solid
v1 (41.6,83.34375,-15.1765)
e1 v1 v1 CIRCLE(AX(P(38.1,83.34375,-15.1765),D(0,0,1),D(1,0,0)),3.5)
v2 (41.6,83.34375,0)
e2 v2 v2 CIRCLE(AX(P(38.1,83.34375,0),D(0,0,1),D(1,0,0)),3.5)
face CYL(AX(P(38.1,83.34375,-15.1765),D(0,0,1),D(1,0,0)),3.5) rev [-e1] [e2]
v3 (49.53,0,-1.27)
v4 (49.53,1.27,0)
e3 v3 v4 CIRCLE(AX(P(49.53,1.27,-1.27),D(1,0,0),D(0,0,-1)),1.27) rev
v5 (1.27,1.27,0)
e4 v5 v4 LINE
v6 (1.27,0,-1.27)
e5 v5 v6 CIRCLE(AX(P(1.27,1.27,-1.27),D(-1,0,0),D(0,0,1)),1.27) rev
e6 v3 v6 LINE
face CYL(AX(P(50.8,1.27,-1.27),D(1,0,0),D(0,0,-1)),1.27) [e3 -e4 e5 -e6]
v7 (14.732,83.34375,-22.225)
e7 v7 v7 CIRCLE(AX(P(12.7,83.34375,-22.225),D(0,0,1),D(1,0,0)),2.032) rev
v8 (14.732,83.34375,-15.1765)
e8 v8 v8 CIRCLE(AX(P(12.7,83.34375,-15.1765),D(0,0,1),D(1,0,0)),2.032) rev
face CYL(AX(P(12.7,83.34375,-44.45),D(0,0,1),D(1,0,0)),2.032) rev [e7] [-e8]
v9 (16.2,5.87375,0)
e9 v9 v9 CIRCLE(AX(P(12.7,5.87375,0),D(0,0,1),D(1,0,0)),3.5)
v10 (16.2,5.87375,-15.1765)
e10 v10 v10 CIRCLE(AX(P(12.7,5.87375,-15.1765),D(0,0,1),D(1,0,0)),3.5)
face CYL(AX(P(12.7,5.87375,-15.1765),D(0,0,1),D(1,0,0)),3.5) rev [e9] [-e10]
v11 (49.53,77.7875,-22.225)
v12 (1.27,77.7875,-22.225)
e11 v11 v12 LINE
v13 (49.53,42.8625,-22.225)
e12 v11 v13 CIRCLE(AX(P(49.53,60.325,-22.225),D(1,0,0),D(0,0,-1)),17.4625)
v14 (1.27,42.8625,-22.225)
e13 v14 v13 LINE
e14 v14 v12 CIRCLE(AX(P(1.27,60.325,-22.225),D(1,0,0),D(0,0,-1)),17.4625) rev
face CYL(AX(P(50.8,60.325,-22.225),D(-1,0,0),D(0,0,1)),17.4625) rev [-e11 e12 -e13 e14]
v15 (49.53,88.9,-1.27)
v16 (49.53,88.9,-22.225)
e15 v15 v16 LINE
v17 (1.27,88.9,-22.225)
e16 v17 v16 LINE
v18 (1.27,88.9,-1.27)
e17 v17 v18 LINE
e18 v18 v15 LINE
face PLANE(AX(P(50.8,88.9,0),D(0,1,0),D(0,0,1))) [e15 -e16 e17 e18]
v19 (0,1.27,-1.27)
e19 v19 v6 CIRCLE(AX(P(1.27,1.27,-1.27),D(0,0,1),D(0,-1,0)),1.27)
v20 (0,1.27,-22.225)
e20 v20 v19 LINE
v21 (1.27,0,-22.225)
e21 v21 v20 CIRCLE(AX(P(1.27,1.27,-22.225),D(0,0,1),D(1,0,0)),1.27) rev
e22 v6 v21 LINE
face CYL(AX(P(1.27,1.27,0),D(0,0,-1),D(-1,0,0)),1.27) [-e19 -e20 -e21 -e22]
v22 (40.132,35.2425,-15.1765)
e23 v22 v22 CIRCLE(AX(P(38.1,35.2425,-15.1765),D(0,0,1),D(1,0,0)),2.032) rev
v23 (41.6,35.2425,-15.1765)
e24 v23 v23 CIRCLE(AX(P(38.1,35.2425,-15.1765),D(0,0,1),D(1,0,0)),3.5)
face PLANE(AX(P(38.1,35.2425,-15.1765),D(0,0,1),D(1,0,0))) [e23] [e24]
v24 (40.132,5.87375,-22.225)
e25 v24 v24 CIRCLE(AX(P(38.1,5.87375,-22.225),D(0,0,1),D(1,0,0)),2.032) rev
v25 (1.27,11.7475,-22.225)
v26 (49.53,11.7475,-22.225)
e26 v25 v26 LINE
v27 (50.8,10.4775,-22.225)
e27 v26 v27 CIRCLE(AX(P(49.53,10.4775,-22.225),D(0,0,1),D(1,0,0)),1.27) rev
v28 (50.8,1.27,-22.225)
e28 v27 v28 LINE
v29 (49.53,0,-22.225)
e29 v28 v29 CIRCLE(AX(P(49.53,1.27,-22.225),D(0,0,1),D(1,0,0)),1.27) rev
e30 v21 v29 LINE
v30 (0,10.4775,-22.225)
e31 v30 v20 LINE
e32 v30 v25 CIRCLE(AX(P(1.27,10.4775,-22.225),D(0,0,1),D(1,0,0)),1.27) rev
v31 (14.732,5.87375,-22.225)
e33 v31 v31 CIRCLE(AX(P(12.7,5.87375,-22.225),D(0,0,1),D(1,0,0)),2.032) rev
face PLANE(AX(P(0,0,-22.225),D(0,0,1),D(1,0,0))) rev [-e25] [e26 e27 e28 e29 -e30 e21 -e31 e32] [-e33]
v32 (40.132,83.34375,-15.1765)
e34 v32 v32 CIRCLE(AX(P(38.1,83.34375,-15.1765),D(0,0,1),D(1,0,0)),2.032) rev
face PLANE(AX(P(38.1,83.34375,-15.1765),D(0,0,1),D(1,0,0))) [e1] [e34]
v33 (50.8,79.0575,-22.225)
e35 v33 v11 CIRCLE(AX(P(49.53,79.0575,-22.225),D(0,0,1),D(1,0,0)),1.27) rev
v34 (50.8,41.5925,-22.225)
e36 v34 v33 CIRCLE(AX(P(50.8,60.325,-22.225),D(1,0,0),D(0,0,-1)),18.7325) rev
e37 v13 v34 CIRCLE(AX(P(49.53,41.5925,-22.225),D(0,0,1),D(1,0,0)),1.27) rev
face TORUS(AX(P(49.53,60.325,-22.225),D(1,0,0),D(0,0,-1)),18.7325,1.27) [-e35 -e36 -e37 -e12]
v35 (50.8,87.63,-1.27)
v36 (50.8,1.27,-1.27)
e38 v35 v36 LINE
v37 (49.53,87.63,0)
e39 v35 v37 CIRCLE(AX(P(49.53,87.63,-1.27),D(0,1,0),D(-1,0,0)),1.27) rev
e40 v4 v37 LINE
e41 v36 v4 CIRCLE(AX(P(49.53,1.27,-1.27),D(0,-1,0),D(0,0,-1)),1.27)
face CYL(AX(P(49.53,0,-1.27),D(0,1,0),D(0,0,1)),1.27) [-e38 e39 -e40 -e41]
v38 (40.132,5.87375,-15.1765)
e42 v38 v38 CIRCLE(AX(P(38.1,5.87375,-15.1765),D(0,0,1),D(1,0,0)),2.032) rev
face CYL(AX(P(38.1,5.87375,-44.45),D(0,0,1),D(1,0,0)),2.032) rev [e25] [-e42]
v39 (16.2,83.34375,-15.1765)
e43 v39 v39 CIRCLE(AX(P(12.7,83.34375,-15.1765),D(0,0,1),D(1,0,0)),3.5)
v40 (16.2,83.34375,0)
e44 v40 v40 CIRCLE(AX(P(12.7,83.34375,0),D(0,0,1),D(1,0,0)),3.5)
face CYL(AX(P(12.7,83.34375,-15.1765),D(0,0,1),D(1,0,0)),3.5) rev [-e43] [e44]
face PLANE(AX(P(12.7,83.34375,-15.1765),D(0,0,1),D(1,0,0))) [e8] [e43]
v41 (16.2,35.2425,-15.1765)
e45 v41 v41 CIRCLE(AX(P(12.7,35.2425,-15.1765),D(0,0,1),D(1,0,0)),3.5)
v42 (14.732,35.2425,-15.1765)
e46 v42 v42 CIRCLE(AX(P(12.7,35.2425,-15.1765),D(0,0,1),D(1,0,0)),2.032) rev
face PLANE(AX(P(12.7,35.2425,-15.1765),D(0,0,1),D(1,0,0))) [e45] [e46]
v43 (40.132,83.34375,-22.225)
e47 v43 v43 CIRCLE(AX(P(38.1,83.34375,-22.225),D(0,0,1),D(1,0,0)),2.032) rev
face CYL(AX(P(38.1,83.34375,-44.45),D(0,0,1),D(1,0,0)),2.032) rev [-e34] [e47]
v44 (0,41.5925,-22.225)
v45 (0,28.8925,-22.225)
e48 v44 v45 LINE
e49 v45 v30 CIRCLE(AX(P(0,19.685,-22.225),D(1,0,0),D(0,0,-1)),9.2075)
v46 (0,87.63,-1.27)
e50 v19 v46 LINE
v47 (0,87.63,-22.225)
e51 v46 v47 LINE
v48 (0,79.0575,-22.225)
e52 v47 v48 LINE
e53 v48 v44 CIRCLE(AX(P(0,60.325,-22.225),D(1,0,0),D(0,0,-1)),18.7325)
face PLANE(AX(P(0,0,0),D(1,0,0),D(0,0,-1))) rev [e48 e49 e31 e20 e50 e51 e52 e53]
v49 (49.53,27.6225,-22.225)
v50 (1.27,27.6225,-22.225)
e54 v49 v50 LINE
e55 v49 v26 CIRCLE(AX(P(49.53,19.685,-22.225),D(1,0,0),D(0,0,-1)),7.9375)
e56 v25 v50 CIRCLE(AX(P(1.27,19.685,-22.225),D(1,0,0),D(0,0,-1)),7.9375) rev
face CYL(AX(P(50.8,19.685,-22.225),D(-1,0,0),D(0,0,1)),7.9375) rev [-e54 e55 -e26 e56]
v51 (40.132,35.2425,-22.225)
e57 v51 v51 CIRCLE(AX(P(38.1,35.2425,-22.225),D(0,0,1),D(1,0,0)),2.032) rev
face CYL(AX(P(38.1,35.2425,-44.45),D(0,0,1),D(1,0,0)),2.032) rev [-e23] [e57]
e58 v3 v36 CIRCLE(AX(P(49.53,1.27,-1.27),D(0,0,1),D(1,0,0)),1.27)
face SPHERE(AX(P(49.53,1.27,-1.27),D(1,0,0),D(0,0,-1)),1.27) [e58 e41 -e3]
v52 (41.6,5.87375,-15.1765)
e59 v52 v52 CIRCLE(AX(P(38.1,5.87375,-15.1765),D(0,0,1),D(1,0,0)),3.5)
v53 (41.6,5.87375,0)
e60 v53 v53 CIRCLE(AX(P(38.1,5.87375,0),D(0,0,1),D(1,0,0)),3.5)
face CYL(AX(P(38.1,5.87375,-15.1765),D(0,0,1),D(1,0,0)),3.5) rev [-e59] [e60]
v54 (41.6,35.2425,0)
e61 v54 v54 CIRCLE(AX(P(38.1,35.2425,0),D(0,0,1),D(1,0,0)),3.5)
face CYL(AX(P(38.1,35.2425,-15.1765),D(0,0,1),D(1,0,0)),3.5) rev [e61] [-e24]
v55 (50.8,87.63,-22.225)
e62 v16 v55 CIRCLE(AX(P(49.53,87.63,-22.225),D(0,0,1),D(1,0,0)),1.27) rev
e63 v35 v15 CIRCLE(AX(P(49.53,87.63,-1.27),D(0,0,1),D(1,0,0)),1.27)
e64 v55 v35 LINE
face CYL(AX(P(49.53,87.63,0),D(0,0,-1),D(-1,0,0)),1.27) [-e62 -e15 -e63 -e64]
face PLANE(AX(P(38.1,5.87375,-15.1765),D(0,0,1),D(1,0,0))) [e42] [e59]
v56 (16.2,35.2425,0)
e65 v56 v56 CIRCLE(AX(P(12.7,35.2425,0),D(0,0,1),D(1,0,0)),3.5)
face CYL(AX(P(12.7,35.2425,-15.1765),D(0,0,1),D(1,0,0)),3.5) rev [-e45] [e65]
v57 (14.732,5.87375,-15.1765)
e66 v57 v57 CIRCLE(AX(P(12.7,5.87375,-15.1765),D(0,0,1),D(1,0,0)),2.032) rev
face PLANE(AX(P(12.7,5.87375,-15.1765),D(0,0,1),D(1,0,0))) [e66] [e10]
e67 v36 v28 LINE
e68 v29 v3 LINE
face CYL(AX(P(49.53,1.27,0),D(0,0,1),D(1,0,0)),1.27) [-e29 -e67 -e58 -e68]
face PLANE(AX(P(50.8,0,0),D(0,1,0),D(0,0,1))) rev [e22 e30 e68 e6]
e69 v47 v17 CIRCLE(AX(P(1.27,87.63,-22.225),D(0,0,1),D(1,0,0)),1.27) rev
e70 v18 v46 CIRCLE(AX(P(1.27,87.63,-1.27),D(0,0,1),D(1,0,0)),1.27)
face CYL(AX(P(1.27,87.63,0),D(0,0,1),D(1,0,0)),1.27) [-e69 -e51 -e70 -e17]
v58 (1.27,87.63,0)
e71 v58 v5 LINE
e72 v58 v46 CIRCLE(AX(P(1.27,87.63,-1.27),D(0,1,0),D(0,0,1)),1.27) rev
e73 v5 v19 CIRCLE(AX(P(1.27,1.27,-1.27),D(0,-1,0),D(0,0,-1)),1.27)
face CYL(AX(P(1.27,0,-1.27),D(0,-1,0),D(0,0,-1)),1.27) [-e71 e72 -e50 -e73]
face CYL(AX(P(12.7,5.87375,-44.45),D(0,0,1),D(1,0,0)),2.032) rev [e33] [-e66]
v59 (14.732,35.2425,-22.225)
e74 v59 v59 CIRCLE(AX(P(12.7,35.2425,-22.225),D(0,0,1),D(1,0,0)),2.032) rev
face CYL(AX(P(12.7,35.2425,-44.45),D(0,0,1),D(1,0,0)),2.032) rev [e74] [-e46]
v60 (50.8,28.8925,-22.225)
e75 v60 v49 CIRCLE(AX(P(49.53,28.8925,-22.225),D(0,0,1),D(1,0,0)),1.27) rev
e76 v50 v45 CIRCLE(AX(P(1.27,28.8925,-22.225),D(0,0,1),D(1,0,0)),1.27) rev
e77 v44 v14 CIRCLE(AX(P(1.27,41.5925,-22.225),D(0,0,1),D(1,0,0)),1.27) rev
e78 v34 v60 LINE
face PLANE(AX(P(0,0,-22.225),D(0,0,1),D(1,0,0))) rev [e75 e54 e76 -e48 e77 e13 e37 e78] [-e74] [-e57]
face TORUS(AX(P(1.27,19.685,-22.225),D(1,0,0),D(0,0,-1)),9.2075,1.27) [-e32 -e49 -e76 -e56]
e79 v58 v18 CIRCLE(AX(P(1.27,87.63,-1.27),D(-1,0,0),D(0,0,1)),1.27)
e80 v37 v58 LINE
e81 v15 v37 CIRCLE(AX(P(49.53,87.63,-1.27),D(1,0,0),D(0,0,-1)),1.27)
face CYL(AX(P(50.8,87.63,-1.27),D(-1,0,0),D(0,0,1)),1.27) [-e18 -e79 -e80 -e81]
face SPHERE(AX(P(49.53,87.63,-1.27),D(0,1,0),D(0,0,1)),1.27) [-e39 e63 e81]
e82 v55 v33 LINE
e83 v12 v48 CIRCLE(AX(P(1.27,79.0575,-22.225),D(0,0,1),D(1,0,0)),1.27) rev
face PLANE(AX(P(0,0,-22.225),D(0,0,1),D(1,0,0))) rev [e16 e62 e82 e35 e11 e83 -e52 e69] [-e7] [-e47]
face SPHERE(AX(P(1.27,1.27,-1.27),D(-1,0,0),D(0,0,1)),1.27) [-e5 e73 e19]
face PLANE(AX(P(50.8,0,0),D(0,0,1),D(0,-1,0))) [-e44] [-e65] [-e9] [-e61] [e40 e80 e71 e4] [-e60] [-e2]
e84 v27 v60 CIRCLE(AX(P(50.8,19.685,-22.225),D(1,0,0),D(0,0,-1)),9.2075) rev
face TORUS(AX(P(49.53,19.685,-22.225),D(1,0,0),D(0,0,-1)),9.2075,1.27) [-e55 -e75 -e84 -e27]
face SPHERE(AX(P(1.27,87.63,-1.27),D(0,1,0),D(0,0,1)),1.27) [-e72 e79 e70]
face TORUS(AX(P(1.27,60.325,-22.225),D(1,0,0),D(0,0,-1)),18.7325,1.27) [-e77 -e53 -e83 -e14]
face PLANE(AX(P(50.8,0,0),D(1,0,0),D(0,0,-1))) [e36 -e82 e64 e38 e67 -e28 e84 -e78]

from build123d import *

# Parameters (mm, degrees)
SKETCH1_W           = 44.45
SKETCH1_H           = 88.9
SKETCH1_R           = 7.9375
SKETCH1_R_2         = 17.4625
BOSS_EXTRUDE1_DEPTH = 50.8
SKETCH5_R           = 2.032
CUT_EXTRUDE1_DEPTH  = 112.622813528
SKETCH5_3_R         = 3.5
CUT_EXTRUDE2_DEPTH  = 15.1765
CUT_EXTRUDE3_DEPTH  = 2.54
FILLET1_R           = 1.27


with BuildPart() as part:
    # Sketch1 → Boss-Extrude1 (new body)
    with BuildSketch(Plane(origin=(0, 0, 0), x_dir=(0, 0, -1), z_dir=(1, 0, 0))):
        with Locations((22.225, 44.45)):
            Rectangle(SKETCH1_W, SKETCH1_H)
        with Locations(Location((22.225, 19.685, 0), (0, 0, 180))):
            Circle(SKETCH1_R, mode=Mode.SUBTRACT)
        with Locations(Location((22.225, 60.325, 0), (0, 0, 180))):
            Circle(SKETCH1_R_2, mode=Mode.SUBTRACT)
    extrude(amount=BOSS_EXTRUDE1_DEPTH)

    # Sketch5 → Cut-Extrude1 (cut, through all)
    with BuildSketch(Plane.XY):
        with Locations((12.7, 83.34375)):
            Circle(SKETCH5_R)
        with Locations((12.7, 35.2425)):
            Circle(SKETCH5_R)
        with Locations((38.1, 83.34375)):
            Circle(SKETCH5_R)
        with Locations((38.1, 35.2425)):
            Circle(SKETCH5_R)
        with Locations((12.7, 5.87375)):
            Circle(SKETCH5_R)
        with Locations((38.1, 5.87375)):
            Circle(SKETCH5_R)
    extrude(amount=-CUT_EXTRUDE1_DEPTH, mode=Mode.SUBTRACT)

    # Sketch5<3> → Cut-Extrude2 (cut)
    with BuildSketch(Plane.XY):
        with Locations((38.1, 35.2425)):
            Circle(SKETCH5_3_R)
        with Locations((12.7, 83.34375)):
            Circle(SKETCH5_3_R)
        with Locations((38.1, 83.34375)):
            Circle(SKETCH5_3_R)
        with Locations((12.7, 35.2425)):
            Circle(SKETCH5_3_R)
        with Locations((38.1, 5.87375)):
            Circle(SKETCH5_3_R)
        with Locations((12.7, 5.87375)):
            Circle(SKETCH5_3_R)
    extrude(amount=-CUT_EXTRUDE2_DEPTH, mode=Mode.SUBTRACT)

    # Sketch6 → Cut-Extrude3 (cut)
    with BuildSketch(Plane(origin=(0, 0, -44.45), x_dir=(-1, 0, 0), z_dir=(0, 0, -1))):
        Polygon((-8.636, 83.34375), (-10.668, 86.863277241), (-14.732, 86.863277241), (-16.764, 83.34375), (-14.732, 79.824222759), (-10.668, 79.824222759), align=None)
        Polygon((-34.036, 83.34375), (-36.068, 86.863277241), (-40.132, 86.863277241), (-42.164, 83.34375), (-40.132, 79.824222759), (-36.068, 79.824222759), align=None)
        Polygon((-34.036, 35.2425), (-36.068, 38.762027241), (-40.132, 38.762027241), (-42.164, 35.2425), (-40.132, 31.722972759), (-36.068, 31.722972759), align=None)
        Polygon((-8.636, 35.2425), (-10.668, 38.762027241), (-14.732, 38.762027241), (-16.764, 35.2425), (-14.732, 31.722972759), (-10.668, 31.722972759), align=None)
        Polygon((-8.636, 5.87375), (-10.668, 9.393277241), (-14.732, 9.393277241), (-16.764, 5.87375), (-14.732, 2.354222759), (-10.668, 2.354222759), align=None)
        Polygon((-34.036, 5.87375), (-36.068, 9.393277241), (-40.132, 9.393277241), (-42.164, 5.87375), (-40.132, 2.354222759), (-36.068, 2.354222759), align=None)
    extrude(amount=-CUT_EXTRUDE3_DEPTH, mode=Mode.SUBTRACT)

    # Fillet1
    fillet1_edges = [part.edges().sort_by_distance(p)[0] for p in [
        (0, 60.325, -39.6875),
        (50.8, 60.325, -39.6875),
        (50.8, 88.9, -22.225),
        (0, 19.685, -30.1625),
        (50.8, 19.685, -30.1625),
        (50.8, 44.45, 0),
        (50.8, 0, -22.225),
        (0, 44.45, 0),
        (0, 88.9, -22.225),
        (0, 44.45, -44.45),
        (0, 0, -22.225),
        (25.4, 0, 0),
        (25.4, 88.9, 0),
        (25.4, 88.9, -44.45),
        (25.4, 0, -44.45),
        (50.8, 44.45, -44.45),
    ]]
    fillet(fillet1_edges, radius=FILLET1_R)

    # SurfaceCut1
    split(bisect_by=Plane.XY.offset(-22.225), keep=Keep.TOP)


solid = part.part
